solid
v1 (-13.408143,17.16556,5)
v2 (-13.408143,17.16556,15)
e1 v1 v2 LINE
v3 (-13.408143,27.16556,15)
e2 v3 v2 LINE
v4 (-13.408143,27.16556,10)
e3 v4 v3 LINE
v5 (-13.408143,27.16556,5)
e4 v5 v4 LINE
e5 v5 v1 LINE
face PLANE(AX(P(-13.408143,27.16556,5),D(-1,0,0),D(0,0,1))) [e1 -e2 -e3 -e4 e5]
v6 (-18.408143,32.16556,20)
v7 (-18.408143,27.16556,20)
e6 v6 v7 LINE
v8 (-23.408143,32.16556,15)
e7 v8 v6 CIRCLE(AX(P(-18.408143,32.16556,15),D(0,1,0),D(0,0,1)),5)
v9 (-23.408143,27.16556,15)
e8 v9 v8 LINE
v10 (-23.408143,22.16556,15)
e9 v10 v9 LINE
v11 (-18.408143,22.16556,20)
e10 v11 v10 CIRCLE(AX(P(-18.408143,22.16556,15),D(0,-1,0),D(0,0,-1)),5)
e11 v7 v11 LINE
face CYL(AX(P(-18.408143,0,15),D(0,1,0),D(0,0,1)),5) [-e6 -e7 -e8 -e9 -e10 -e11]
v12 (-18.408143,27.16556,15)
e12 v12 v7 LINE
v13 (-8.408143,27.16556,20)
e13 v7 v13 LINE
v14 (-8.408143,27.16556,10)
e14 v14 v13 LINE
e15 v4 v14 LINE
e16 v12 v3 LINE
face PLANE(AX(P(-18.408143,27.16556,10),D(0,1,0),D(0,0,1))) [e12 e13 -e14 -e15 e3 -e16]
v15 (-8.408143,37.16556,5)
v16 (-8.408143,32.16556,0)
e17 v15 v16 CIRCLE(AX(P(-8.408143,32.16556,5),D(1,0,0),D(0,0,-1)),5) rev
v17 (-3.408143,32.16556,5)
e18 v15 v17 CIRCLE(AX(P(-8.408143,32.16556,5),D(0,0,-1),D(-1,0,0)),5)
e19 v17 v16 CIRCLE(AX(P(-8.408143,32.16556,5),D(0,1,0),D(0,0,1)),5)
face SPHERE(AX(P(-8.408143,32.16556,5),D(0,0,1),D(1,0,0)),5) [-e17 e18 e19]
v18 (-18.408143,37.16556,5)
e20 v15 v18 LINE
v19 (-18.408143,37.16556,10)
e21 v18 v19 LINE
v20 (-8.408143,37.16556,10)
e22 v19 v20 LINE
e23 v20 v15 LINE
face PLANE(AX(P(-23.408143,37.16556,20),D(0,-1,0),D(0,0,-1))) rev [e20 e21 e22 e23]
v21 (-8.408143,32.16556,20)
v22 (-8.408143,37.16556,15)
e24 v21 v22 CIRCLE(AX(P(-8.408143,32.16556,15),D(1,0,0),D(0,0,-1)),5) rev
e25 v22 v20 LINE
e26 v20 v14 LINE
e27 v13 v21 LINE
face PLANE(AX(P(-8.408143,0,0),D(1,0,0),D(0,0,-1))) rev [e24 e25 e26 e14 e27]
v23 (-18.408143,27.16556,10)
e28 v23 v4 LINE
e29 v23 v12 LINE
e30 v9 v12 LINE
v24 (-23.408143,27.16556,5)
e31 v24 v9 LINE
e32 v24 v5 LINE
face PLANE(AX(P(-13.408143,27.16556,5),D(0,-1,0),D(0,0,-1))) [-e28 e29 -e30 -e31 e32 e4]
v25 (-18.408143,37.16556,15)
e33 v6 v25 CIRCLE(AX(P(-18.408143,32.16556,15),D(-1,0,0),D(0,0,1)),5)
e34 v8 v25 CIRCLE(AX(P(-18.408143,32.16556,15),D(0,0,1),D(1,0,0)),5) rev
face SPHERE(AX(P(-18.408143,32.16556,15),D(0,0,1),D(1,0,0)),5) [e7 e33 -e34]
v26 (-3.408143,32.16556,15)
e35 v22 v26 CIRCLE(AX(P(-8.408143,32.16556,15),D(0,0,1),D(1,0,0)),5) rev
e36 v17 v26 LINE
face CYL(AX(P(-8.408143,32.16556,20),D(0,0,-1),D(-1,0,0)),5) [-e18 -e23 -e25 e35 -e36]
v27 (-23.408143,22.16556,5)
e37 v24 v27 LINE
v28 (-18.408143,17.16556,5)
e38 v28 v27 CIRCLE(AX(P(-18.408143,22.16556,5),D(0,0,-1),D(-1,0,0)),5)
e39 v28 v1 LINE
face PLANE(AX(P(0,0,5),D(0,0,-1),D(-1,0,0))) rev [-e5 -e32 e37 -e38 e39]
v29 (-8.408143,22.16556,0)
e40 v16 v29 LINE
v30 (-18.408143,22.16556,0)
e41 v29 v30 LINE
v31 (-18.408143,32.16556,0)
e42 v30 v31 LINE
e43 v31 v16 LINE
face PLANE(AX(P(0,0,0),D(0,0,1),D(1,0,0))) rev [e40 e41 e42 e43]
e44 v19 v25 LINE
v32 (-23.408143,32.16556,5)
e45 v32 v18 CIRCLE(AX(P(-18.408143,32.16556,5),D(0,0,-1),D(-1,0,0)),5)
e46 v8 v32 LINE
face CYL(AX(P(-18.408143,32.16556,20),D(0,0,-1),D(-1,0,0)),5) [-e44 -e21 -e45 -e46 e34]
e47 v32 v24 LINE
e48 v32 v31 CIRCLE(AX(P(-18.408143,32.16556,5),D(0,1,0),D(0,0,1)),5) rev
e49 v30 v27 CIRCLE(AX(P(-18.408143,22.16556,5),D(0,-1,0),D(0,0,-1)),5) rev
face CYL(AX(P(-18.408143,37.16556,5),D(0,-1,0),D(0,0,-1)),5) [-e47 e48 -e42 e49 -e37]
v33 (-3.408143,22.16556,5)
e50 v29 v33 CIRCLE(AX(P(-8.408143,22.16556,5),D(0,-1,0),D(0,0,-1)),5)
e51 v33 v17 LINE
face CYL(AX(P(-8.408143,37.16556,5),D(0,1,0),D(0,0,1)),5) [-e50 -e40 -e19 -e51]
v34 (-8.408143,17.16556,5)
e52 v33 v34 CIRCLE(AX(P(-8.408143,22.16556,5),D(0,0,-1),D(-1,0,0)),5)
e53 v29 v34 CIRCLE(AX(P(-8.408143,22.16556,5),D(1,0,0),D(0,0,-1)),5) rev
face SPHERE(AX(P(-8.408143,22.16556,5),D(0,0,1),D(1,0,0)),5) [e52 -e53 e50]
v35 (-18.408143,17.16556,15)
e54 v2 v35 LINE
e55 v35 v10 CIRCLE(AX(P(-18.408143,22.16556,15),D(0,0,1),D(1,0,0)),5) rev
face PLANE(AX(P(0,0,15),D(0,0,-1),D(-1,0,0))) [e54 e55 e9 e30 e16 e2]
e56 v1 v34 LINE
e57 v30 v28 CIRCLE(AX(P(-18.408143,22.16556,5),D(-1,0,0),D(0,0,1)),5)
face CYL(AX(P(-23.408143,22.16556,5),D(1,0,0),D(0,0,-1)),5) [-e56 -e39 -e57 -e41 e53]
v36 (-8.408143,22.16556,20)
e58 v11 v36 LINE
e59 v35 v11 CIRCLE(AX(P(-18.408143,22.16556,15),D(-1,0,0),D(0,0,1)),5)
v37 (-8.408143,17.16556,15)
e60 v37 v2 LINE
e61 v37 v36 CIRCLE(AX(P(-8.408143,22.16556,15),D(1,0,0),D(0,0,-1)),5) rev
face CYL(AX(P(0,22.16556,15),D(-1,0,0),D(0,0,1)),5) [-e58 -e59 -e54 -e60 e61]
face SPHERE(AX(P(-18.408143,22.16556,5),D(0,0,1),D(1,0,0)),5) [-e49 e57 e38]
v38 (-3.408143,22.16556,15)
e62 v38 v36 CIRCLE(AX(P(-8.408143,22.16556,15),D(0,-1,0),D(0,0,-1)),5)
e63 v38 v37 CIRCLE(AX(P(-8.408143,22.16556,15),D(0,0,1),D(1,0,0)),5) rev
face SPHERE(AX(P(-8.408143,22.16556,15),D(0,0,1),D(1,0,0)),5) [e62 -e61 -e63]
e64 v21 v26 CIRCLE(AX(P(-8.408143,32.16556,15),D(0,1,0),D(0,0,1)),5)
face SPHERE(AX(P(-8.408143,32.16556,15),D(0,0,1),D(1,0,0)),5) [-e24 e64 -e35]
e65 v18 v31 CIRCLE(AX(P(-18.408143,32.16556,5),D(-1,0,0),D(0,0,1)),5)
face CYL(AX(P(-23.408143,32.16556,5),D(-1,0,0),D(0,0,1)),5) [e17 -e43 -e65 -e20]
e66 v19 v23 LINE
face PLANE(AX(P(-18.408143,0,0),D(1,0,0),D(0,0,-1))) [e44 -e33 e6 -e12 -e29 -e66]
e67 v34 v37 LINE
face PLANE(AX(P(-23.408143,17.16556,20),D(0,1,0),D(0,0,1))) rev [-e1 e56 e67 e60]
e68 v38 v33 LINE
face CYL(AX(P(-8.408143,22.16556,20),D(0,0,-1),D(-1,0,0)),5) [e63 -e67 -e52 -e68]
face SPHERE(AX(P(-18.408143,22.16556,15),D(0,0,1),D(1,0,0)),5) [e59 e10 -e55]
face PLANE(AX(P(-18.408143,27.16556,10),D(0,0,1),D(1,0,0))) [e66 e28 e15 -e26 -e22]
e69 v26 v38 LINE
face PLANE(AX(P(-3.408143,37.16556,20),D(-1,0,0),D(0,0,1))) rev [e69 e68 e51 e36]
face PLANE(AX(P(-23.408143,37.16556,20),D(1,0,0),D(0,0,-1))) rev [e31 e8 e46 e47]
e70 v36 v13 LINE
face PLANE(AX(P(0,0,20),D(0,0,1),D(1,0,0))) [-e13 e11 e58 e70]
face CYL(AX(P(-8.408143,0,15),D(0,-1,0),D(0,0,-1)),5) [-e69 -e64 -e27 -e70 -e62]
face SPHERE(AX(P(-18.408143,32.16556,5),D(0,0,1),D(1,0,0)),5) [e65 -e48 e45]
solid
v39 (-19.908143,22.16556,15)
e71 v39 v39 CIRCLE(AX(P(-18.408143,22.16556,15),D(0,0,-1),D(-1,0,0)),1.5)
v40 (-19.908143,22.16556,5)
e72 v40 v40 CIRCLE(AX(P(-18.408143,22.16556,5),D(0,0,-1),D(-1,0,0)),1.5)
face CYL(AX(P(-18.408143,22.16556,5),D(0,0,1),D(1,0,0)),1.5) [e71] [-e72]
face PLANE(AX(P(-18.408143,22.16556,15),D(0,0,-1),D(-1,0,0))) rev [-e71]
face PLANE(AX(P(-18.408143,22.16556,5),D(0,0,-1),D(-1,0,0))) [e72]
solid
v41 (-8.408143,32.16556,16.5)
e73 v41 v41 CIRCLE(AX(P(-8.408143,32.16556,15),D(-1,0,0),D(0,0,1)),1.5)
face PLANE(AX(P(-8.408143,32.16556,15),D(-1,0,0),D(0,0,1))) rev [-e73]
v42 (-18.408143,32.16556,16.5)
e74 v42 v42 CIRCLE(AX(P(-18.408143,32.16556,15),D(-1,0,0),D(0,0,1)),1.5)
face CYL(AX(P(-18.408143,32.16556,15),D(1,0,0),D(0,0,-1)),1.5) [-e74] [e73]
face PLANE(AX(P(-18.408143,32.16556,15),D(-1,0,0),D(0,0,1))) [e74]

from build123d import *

# Parameters (mm, degrees)
SKETCH_1_W          = 20
SKETCH_1_H          = 20
EXTRUDE_1_DEPTH     = 20
FILLET_1_R          = 5
SKETCH_2_W          = 10
SKETCH_2_H          = 10
CUT_EXTRUDE_1_DEPTH = 10
SKETCH_3_W          = 10
SKETCH_3_H          = 10
CUT_EXTRUDE_2_DEPTH = 10
SKETCH_4_R          = 1.5
EXTRUDE_2_DEPTH     = 10
SKETCH_5_R          = 1.5
EXTRUDE_3_DEPTH     = 10


with BuildPart() as part:
    # 草图1 → 凸台-拉伸1 (new body)
    with BuildSketch(Plane.XY):
        with Locations((-13.408142688, 27.165559881)):
            Rectangle(SKETCH_1_W, SKETCH_1_H)
    extrude(amount=EXTRUDE_1_DEPTH)

    # 圆角1
    fillet_1_edges = [part.edges().sort_by_distance(p)[0] for p in [
        (-3.408142688, 27.165559881, 20),
        (-13.408142688, 37.165559881, 20),
        (-23.408142688, 27.165559881, 20),
        (-13.408142688, 37.165559881, 0),
        (-3.408142688, 27.165559881, 0),
        (-13.408142688, 17.165559881, 0),
        (-23.408142688, 27.165559881, 0),
        (-13.408142688, 17.165559881, 20),
        (-23.408142688, 37.165559881, 10),
        (-3.408142688, 37.165559881, 10),
        (-3.408142688, 17.165559881, 10),
        (-23.408142688, 17.165559881, 10),
    ]]
    fillet(fillet_1_edges, radius=FILLET_1_R)

    # 草图2 → 切除-拉伸1 (cut)
    with BuildSketch(Plane.ZY.offset(8.408142688)):
        with Locations((15, 32.165559881)):
            Rectangle(SKETCH_2_W, SKETCH_2_H)
    extrude(amount=CUT_EXTRUDE_1_DEPTH, mode=Mode.SUBTRACT)

    # 草图3 → 切除-拉伸2 (cut)
    with BuildSketch(Plane(origin=(0, 0, 15), x_dir=(-1, 0, 0), z_dir=(0, 0, -1))):
        with Locations((18.408142688, 22.165559881)):
            Rectangle(SKETCH_3_W, SKETCH_3_H)
    extrude(amount=CUT_EXTRUDE_2_DEPTH, mode=Mode.SUBTRACT)


with BuildPart() as body_2:
    # 草图4 → 凸台-拉伸2 (new body)
    with BuildSketch(Plane.ZY.offset(8.408142688)):
        with Locations((15, 32.165559881)):
            Circle(SKETCH_4_R)
    extrude(amount=EXTRUDE_2_DEPTH)


with BuildPart() as body_3:
    # 草图5 → 凸台-拉伸3 (new body)
    with BuildSketch(Plane(origin=(0, 0, 15), x_dir=(-1, 0, 0), z_dir=(0, 0, -1))):
        with Locations((18.408142688, 22.165559881)):
            Circle(SKETCH_5_R)
    extrude(amount=EXTRUDE_3_DEPTH)


solid = Compound([part.part, body_2.part, body_3.part])
